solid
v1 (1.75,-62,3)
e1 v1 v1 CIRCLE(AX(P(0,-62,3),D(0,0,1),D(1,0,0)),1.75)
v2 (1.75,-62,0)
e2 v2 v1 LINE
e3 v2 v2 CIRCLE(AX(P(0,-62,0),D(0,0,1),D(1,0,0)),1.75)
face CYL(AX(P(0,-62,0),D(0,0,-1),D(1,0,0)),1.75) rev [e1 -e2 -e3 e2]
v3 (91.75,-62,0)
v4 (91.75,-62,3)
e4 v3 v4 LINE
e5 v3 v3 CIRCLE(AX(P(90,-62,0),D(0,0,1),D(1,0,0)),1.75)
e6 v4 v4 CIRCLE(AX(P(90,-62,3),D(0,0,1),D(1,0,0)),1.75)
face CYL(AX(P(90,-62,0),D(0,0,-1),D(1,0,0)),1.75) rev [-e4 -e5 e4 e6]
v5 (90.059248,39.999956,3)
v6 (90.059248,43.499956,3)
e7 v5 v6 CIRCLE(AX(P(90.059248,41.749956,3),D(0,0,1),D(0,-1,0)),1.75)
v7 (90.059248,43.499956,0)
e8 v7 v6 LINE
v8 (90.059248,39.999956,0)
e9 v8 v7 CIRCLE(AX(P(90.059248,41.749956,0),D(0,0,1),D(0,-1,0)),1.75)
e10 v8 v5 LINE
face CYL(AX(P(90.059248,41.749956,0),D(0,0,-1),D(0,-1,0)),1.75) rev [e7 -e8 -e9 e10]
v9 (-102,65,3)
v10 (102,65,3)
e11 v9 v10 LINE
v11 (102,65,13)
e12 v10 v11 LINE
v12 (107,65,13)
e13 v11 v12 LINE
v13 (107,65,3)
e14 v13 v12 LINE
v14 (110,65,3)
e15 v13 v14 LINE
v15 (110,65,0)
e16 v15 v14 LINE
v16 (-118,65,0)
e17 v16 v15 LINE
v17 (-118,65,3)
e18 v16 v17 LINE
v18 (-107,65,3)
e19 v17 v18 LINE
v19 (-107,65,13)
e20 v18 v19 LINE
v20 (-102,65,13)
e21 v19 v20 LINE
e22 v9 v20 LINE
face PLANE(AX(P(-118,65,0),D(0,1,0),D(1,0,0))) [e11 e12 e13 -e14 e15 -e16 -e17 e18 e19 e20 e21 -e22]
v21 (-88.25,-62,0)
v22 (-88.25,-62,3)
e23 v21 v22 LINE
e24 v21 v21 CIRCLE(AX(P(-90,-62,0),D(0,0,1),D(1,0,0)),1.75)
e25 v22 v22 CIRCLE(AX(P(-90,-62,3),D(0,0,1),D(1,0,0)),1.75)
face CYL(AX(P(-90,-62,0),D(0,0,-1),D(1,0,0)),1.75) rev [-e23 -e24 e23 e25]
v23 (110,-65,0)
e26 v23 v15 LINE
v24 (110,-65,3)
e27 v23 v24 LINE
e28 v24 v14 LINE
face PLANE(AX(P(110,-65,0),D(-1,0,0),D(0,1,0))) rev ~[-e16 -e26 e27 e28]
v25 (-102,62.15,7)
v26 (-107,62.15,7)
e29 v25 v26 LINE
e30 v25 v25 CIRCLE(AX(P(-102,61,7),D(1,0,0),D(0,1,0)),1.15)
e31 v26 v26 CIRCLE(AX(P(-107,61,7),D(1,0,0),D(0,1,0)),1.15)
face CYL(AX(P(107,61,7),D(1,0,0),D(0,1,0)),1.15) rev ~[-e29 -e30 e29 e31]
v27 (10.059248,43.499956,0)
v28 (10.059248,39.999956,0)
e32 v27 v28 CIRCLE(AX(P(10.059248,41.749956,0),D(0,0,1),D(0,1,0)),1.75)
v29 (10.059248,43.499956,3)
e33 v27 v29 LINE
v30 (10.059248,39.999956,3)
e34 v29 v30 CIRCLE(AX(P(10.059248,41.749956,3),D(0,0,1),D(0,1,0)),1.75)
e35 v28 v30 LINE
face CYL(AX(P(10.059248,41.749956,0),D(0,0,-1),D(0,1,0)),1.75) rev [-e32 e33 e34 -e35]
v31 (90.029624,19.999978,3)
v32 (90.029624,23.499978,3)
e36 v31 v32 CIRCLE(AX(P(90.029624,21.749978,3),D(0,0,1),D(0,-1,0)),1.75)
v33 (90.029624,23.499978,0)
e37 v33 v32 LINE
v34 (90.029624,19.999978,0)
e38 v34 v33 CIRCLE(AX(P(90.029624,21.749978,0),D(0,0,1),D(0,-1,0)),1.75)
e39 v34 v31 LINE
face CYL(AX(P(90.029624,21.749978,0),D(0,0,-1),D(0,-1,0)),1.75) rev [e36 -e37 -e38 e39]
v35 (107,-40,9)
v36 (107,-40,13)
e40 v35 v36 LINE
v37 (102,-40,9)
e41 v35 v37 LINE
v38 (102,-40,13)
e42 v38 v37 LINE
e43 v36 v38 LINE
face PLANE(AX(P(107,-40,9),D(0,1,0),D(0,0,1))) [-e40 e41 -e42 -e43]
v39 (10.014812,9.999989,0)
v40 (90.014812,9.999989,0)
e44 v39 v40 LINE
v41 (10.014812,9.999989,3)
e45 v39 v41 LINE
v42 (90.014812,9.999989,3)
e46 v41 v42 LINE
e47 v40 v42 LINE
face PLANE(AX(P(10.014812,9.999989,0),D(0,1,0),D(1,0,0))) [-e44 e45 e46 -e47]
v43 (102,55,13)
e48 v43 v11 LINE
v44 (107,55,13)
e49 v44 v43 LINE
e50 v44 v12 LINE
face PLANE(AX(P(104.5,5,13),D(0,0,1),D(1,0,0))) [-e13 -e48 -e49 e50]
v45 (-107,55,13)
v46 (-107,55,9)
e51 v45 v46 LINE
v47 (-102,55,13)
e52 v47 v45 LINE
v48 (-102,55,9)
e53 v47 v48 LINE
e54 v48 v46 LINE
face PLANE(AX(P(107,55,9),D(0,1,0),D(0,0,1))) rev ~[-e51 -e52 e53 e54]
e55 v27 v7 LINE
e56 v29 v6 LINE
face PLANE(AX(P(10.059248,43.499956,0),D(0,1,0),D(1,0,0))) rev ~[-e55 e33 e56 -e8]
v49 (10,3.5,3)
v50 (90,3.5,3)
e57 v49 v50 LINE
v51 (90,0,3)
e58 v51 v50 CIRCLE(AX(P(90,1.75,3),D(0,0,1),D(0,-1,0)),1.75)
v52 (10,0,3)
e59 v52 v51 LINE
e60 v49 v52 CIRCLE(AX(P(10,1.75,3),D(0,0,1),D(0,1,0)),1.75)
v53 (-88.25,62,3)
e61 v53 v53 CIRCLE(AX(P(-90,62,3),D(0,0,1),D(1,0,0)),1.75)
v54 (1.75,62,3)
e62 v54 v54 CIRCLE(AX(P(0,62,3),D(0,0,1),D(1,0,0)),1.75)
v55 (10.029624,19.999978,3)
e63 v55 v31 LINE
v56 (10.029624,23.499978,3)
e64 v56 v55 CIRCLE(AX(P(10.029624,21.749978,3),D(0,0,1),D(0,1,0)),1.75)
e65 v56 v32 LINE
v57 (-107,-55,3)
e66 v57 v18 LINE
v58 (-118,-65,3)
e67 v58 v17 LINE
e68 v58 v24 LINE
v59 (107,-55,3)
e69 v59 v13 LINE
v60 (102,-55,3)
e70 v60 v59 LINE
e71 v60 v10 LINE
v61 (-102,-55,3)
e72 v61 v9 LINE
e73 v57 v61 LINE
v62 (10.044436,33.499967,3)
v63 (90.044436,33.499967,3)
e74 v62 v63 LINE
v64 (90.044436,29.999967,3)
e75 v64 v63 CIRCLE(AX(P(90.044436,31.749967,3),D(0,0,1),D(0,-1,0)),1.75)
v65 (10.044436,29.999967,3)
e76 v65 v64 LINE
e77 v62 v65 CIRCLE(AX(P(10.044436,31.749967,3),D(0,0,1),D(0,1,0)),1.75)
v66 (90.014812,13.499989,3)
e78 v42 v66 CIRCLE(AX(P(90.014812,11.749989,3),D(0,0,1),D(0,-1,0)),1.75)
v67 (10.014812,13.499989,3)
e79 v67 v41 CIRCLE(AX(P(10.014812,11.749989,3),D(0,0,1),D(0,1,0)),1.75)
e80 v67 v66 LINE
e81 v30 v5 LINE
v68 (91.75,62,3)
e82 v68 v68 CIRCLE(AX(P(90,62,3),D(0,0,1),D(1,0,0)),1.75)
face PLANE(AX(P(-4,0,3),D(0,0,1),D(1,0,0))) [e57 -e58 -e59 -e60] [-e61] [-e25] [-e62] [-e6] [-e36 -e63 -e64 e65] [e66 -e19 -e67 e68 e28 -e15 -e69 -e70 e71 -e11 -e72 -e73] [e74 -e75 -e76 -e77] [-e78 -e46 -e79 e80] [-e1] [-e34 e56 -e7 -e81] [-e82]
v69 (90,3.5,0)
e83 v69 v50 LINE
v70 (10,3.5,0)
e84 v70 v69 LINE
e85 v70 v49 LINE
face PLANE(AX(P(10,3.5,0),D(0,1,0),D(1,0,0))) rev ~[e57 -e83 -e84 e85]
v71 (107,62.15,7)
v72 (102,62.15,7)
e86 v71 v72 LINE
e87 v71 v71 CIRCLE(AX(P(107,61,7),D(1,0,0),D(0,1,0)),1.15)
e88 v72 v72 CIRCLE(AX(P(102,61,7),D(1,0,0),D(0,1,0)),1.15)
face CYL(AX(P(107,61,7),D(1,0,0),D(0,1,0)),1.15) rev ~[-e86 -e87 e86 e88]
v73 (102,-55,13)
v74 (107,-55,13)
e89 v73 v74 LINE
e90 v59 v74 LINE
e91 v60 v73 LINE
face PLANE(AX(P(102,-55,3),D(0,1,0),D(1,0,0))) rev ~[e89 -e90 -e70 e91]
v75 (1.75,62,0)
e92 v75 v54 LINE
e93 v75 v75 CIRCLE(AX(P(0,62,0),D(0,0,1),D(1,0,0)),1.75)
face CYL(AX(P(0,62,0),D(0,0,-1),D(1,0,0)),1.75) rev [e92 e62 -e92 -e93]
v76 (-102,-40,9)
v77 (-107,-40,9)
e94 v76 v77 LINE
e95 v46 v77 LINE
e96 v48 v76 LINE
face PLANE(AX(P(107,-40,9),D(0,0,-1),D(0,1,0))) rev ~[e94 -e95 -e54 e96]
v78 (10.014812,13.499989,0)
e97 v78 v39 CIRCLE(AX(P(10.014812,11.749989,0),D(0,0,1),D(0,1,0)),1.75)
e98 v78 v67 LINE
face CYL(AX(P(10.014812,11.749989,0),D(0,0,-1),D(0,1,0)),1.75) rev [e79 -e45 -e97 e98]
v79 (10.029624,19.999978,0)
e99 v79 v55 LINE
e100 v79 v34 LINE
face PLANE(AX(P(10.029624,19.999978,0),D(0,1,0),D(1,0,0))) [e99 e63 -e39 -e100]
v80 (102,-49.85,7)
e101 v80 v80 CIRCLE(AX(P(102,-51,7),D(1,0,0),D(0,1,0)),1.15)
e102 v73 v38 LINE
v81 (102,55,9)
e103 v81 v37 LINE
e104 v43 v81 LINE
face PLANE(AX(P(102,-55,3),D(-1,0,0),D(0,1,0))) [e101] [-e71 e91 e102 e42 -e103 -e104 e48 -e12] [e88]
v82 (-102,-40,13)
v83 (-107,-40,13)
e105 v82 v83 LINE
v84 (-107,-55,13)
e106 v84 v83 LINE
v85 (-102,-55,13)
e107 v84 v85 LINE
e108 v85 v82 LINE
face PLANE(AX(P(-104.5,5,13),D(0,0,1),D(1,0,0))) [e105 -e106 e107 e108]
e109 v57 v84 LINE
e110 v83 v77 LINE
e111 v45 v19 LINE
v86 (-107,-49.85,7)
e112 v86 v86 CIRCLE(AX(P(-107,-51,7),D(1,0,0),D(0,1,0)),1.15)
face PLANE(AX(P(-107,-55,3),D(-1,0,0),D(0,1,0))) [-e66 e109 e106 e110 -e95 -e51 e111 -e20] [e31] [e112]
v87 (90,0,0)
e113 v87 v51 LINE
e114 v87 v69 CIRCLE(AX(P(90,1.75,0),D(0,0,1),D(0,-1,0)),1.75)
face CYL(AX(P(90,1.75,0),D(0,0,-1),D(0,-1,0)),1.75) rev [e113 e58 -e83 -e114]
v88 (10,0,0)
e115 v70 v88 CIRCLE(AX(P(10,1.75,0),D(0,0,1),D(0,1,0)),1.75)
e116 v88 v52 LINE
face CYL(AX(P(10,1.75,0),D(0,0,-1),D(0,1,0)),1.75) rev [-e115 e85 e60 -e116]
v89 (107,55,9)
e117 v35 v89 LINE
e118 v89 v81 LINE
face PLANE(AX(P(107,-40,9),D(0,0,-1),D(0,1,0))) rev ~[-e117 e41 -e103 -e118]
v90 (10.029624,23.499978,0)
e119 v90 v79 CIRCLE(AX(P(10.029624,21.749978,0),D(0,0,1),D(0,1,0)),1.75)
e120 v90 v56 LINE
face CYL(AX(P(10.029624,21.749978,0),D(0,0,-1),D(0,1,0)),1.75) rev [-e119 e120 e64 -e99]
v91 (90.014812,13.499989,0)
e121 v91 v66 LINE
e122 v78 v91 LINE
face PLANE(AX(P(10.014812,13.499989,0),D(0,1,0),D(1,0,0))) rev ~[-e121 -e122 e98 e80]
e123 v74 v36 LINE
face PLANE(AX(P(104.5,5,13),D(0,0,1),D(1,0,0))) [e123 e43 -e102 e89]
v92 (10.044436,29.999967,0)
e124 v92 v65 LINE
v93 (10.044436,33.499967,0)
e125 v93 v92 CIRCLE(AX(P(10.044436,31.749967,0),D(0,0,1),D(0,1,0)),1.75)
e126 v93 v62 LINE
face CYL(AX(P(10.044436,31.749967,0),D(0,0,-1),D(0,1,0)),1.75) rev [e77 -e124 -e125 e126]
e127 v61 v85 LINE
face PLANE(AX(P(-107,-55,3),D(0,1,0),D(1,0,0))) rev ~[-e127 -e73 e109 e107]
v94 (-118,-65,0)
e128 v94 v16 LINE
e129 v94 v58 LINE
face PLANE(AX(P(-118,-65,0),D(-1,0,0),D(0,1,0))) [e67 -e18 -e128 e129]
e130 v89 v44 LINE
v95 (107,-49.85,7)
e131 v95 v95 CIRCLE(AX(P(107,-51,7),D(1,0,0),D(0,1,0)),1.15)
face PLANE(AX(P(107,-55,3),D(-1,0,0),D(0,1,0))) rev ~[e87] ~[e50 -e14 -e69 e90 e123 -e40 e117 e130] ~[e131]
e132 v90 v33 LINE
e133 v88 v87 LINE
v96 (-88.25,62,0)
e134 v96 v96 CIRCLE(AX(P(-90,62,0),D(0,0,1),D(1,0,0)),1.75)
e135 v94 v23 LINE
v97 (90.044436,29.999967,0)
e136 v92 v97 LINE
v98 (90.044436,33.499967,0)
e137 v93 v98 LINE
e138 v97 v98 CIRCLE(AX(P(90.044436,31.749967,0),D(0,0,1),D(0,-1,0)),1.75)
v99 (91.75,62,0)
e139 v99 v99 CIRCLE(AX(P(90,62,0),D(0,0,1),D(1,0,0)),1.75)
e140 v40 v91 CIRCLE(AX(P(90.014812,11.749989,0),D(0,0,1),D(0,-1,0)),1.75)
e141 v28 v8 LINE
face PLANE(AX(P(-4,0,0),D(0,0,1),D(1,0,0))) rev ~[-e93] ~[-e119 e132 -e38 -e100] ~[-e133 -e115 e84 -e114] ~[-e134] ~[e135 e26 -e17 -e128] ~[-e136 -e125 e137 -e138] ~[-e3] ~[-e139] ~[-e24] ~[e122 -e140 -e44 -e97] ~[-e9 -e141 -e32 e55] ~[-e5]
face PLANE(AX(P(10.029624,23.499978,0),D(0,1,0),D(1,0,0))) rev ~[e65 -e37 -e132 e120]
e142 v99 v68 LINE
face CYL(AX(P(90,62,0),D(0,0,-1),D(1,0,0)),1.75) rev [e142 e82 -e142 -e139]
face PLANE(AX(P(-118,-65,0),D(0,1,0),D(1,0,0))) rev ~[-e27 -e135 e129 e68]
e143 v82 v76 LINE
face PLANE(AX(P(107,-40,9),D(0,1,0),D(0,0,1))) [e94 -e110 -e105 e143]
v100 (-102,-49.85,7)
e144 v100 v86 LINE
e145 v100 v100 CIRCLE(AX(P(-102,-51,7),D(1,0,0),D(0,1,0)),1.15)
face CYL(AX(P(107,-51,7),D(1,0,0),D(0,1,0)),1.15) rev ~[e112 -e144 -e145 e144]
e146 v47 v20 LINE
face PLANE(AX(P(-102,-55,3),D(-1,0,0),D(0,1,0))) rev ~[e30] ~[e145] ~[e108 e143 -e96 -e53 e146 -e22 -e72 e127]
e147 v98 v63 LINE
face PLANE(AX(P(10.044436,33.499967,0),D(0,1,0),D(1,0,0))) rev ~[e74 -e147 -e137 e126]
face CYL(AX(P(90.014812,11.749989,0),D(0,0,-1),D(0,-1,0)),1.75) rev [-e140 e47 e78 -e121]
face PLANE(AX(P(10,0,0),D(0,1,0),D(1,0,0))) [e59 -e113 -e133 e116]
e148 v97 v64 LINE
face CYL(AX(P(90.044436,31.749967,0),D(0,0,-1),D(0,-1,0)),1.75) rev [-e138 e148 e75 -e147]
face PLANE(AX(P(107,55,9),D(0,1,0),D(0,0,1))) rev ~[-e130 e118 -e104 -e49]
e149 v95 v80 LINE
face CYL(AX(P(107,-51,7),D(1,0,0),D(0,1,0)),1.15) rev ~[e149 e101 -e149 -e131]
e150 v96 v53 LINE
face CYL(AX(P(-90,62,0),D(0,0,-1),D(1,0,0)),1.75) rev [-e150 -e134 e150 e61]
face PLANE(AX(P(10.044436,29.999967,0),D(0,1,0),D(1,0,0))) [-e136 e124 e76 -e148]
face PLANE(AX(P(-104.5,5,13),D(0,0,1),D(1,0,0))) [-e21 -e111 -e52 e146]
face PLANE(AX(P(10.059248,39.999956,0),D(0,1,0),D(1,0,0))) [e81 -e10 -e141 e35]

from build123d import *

# Parameters (mm, degrees)
SKETCH_W     = 228
SKETCH_H     = 130
SKETCH_R     = 1.75
PAD_DEPTH    = 3
SKETCH001_W  = 5
SKETCH001_H  = 120
PAD001_DEPTH = 10
SKETCH002_R  = 1.15
SKETCH002_W  = 95
SKETCH002_H  = 4
POCKET_DEPTH = 225


with BuildPart() as part:
    # Sketch → Pad (new body)
    with BuildSketch(Plane.XY):
        with Locations((-4, 0)):
            Rectangle(SKETCH_W, SKETCH_H)
        with Locations((-90, 62)):
            Circle(SKETCH_R, mode=Mode.SUBTRACT)
        with Locations((0, 62)):
            Circle(SKETCH_R, mode=Mode.SUBTRACT)
        with Locations((90, 62)):
            Circle(SKETCH_R, mode=Mode.SUBTRACT)
        with Locations((-90, -62)):
            Circle(SKETCH_R, mode=Mode.SUBTRACT)
        with Locations((0, -62)):
            Circle(SKETCH_R, mode=Mode.SUBTRACT)
        with Locations((90, -62)):
            Circle(SKETCH_R, mode=Mode.SUBTRACT)
        with BuildLine():
            ThreePointArc((10.059248, 43.499956), (8.309248, 41.749956), (10.059248, 39.999956))
            Line((10.059248, 39.999956), (90.059248, 39.999956))
            ThreePointArc((90.059248, 39.999956), (91.809248, 41.749956), (90.059248, 43.499956))
            Line((10.059248, 43.499956), (90.059248, 43.499956))
        make_face(mode=Mode.SUBTRACT)
        with BuildLine():
            ThreePointArc((10.044436, 33.499967), (8.294436, 31.749967), (10.044436, 29.999967))
            Line((10.044436, 29.999967), (90.044436, 29.999967))
            ThreePointArc((90.044436, 29.999967), (91.794436, 31.749967), (90.044436, 33.499967))
            Line((10.044436, 33.499967), (90.044436, 33.499967))
        make_face(mode=Mode.SUBTRACT)
        with BuildLine():
            ThreePointArc((10.029624, 23.499978), (8.279624, 21.749978), (10.029624, 19.999978))
            Line((10.029624, 19.999978), (90.029624, 19.999978))
            ThreePointArc((90.029624, 19.999978), (91.779624, 21.749978), (90.029624, 23.499978))
            Line((10.029624, 23.499978), (90.029624, 23.499978))
        make_face(mode=Mode.SUBTRACT)
        with BuildLine():
            ThreePointArc((10.014812, 13.499989), (8.264812, 11.749989), (10.014812, 9.999989))
            Line((10.014812, 9.999989), (90.014812, 9.999989))
            ThreePointArc((90.014812, 9.999989), (91.764812, 11.749989), (90.014812, 13.499989))
            Line((10.014812, 13.499989), (90.014812, 13.499989))
        make_face(mode=Mode.SUBTRACT)
        with BuildLine():
            ThreePointArc((10, 3.5), (8.25, 1.75), (10, 0))
            Line((10, 0), (90, 0))
            ThreePointArc((90, 0), (91.75, 1.75), (90, 3.5))
            Line((10, 3.5), (90, 3.5))
        make_face(mode=Mode.SUBTRACT)
    extrude(amount=PAD_DEPTH)

    # Sketch001 → Pad001 (join)
    with BuildSketch(Plane.XY.offset(3)):
        with Locations((104.5, 5)):
            Rectangle(SKETCH001_W, SKETCH001_H)
        with Locations((-104.5, 5)):
            Rectangle(SKETCH001_W, SKETCH001_H)
    extrude(amount=PAD001_DEPTH)

    # Sketch002 → Pocket (cut)
    with BuildSketch(Plane.YZ.offset(107)):
        with Locations((-51, 7)):
            Circle(SKETCH002_R)
        with Locations((61, 7)):
            Circle(SKETCH002_R)
        with Locations((7.5, 11)):
            Rectangle(SKETCH002_W, SKETCH002_H)
    extrude(amount=-POCKET_DEPTH, mode=Mode.SUBTRACT)


solid = part.part
